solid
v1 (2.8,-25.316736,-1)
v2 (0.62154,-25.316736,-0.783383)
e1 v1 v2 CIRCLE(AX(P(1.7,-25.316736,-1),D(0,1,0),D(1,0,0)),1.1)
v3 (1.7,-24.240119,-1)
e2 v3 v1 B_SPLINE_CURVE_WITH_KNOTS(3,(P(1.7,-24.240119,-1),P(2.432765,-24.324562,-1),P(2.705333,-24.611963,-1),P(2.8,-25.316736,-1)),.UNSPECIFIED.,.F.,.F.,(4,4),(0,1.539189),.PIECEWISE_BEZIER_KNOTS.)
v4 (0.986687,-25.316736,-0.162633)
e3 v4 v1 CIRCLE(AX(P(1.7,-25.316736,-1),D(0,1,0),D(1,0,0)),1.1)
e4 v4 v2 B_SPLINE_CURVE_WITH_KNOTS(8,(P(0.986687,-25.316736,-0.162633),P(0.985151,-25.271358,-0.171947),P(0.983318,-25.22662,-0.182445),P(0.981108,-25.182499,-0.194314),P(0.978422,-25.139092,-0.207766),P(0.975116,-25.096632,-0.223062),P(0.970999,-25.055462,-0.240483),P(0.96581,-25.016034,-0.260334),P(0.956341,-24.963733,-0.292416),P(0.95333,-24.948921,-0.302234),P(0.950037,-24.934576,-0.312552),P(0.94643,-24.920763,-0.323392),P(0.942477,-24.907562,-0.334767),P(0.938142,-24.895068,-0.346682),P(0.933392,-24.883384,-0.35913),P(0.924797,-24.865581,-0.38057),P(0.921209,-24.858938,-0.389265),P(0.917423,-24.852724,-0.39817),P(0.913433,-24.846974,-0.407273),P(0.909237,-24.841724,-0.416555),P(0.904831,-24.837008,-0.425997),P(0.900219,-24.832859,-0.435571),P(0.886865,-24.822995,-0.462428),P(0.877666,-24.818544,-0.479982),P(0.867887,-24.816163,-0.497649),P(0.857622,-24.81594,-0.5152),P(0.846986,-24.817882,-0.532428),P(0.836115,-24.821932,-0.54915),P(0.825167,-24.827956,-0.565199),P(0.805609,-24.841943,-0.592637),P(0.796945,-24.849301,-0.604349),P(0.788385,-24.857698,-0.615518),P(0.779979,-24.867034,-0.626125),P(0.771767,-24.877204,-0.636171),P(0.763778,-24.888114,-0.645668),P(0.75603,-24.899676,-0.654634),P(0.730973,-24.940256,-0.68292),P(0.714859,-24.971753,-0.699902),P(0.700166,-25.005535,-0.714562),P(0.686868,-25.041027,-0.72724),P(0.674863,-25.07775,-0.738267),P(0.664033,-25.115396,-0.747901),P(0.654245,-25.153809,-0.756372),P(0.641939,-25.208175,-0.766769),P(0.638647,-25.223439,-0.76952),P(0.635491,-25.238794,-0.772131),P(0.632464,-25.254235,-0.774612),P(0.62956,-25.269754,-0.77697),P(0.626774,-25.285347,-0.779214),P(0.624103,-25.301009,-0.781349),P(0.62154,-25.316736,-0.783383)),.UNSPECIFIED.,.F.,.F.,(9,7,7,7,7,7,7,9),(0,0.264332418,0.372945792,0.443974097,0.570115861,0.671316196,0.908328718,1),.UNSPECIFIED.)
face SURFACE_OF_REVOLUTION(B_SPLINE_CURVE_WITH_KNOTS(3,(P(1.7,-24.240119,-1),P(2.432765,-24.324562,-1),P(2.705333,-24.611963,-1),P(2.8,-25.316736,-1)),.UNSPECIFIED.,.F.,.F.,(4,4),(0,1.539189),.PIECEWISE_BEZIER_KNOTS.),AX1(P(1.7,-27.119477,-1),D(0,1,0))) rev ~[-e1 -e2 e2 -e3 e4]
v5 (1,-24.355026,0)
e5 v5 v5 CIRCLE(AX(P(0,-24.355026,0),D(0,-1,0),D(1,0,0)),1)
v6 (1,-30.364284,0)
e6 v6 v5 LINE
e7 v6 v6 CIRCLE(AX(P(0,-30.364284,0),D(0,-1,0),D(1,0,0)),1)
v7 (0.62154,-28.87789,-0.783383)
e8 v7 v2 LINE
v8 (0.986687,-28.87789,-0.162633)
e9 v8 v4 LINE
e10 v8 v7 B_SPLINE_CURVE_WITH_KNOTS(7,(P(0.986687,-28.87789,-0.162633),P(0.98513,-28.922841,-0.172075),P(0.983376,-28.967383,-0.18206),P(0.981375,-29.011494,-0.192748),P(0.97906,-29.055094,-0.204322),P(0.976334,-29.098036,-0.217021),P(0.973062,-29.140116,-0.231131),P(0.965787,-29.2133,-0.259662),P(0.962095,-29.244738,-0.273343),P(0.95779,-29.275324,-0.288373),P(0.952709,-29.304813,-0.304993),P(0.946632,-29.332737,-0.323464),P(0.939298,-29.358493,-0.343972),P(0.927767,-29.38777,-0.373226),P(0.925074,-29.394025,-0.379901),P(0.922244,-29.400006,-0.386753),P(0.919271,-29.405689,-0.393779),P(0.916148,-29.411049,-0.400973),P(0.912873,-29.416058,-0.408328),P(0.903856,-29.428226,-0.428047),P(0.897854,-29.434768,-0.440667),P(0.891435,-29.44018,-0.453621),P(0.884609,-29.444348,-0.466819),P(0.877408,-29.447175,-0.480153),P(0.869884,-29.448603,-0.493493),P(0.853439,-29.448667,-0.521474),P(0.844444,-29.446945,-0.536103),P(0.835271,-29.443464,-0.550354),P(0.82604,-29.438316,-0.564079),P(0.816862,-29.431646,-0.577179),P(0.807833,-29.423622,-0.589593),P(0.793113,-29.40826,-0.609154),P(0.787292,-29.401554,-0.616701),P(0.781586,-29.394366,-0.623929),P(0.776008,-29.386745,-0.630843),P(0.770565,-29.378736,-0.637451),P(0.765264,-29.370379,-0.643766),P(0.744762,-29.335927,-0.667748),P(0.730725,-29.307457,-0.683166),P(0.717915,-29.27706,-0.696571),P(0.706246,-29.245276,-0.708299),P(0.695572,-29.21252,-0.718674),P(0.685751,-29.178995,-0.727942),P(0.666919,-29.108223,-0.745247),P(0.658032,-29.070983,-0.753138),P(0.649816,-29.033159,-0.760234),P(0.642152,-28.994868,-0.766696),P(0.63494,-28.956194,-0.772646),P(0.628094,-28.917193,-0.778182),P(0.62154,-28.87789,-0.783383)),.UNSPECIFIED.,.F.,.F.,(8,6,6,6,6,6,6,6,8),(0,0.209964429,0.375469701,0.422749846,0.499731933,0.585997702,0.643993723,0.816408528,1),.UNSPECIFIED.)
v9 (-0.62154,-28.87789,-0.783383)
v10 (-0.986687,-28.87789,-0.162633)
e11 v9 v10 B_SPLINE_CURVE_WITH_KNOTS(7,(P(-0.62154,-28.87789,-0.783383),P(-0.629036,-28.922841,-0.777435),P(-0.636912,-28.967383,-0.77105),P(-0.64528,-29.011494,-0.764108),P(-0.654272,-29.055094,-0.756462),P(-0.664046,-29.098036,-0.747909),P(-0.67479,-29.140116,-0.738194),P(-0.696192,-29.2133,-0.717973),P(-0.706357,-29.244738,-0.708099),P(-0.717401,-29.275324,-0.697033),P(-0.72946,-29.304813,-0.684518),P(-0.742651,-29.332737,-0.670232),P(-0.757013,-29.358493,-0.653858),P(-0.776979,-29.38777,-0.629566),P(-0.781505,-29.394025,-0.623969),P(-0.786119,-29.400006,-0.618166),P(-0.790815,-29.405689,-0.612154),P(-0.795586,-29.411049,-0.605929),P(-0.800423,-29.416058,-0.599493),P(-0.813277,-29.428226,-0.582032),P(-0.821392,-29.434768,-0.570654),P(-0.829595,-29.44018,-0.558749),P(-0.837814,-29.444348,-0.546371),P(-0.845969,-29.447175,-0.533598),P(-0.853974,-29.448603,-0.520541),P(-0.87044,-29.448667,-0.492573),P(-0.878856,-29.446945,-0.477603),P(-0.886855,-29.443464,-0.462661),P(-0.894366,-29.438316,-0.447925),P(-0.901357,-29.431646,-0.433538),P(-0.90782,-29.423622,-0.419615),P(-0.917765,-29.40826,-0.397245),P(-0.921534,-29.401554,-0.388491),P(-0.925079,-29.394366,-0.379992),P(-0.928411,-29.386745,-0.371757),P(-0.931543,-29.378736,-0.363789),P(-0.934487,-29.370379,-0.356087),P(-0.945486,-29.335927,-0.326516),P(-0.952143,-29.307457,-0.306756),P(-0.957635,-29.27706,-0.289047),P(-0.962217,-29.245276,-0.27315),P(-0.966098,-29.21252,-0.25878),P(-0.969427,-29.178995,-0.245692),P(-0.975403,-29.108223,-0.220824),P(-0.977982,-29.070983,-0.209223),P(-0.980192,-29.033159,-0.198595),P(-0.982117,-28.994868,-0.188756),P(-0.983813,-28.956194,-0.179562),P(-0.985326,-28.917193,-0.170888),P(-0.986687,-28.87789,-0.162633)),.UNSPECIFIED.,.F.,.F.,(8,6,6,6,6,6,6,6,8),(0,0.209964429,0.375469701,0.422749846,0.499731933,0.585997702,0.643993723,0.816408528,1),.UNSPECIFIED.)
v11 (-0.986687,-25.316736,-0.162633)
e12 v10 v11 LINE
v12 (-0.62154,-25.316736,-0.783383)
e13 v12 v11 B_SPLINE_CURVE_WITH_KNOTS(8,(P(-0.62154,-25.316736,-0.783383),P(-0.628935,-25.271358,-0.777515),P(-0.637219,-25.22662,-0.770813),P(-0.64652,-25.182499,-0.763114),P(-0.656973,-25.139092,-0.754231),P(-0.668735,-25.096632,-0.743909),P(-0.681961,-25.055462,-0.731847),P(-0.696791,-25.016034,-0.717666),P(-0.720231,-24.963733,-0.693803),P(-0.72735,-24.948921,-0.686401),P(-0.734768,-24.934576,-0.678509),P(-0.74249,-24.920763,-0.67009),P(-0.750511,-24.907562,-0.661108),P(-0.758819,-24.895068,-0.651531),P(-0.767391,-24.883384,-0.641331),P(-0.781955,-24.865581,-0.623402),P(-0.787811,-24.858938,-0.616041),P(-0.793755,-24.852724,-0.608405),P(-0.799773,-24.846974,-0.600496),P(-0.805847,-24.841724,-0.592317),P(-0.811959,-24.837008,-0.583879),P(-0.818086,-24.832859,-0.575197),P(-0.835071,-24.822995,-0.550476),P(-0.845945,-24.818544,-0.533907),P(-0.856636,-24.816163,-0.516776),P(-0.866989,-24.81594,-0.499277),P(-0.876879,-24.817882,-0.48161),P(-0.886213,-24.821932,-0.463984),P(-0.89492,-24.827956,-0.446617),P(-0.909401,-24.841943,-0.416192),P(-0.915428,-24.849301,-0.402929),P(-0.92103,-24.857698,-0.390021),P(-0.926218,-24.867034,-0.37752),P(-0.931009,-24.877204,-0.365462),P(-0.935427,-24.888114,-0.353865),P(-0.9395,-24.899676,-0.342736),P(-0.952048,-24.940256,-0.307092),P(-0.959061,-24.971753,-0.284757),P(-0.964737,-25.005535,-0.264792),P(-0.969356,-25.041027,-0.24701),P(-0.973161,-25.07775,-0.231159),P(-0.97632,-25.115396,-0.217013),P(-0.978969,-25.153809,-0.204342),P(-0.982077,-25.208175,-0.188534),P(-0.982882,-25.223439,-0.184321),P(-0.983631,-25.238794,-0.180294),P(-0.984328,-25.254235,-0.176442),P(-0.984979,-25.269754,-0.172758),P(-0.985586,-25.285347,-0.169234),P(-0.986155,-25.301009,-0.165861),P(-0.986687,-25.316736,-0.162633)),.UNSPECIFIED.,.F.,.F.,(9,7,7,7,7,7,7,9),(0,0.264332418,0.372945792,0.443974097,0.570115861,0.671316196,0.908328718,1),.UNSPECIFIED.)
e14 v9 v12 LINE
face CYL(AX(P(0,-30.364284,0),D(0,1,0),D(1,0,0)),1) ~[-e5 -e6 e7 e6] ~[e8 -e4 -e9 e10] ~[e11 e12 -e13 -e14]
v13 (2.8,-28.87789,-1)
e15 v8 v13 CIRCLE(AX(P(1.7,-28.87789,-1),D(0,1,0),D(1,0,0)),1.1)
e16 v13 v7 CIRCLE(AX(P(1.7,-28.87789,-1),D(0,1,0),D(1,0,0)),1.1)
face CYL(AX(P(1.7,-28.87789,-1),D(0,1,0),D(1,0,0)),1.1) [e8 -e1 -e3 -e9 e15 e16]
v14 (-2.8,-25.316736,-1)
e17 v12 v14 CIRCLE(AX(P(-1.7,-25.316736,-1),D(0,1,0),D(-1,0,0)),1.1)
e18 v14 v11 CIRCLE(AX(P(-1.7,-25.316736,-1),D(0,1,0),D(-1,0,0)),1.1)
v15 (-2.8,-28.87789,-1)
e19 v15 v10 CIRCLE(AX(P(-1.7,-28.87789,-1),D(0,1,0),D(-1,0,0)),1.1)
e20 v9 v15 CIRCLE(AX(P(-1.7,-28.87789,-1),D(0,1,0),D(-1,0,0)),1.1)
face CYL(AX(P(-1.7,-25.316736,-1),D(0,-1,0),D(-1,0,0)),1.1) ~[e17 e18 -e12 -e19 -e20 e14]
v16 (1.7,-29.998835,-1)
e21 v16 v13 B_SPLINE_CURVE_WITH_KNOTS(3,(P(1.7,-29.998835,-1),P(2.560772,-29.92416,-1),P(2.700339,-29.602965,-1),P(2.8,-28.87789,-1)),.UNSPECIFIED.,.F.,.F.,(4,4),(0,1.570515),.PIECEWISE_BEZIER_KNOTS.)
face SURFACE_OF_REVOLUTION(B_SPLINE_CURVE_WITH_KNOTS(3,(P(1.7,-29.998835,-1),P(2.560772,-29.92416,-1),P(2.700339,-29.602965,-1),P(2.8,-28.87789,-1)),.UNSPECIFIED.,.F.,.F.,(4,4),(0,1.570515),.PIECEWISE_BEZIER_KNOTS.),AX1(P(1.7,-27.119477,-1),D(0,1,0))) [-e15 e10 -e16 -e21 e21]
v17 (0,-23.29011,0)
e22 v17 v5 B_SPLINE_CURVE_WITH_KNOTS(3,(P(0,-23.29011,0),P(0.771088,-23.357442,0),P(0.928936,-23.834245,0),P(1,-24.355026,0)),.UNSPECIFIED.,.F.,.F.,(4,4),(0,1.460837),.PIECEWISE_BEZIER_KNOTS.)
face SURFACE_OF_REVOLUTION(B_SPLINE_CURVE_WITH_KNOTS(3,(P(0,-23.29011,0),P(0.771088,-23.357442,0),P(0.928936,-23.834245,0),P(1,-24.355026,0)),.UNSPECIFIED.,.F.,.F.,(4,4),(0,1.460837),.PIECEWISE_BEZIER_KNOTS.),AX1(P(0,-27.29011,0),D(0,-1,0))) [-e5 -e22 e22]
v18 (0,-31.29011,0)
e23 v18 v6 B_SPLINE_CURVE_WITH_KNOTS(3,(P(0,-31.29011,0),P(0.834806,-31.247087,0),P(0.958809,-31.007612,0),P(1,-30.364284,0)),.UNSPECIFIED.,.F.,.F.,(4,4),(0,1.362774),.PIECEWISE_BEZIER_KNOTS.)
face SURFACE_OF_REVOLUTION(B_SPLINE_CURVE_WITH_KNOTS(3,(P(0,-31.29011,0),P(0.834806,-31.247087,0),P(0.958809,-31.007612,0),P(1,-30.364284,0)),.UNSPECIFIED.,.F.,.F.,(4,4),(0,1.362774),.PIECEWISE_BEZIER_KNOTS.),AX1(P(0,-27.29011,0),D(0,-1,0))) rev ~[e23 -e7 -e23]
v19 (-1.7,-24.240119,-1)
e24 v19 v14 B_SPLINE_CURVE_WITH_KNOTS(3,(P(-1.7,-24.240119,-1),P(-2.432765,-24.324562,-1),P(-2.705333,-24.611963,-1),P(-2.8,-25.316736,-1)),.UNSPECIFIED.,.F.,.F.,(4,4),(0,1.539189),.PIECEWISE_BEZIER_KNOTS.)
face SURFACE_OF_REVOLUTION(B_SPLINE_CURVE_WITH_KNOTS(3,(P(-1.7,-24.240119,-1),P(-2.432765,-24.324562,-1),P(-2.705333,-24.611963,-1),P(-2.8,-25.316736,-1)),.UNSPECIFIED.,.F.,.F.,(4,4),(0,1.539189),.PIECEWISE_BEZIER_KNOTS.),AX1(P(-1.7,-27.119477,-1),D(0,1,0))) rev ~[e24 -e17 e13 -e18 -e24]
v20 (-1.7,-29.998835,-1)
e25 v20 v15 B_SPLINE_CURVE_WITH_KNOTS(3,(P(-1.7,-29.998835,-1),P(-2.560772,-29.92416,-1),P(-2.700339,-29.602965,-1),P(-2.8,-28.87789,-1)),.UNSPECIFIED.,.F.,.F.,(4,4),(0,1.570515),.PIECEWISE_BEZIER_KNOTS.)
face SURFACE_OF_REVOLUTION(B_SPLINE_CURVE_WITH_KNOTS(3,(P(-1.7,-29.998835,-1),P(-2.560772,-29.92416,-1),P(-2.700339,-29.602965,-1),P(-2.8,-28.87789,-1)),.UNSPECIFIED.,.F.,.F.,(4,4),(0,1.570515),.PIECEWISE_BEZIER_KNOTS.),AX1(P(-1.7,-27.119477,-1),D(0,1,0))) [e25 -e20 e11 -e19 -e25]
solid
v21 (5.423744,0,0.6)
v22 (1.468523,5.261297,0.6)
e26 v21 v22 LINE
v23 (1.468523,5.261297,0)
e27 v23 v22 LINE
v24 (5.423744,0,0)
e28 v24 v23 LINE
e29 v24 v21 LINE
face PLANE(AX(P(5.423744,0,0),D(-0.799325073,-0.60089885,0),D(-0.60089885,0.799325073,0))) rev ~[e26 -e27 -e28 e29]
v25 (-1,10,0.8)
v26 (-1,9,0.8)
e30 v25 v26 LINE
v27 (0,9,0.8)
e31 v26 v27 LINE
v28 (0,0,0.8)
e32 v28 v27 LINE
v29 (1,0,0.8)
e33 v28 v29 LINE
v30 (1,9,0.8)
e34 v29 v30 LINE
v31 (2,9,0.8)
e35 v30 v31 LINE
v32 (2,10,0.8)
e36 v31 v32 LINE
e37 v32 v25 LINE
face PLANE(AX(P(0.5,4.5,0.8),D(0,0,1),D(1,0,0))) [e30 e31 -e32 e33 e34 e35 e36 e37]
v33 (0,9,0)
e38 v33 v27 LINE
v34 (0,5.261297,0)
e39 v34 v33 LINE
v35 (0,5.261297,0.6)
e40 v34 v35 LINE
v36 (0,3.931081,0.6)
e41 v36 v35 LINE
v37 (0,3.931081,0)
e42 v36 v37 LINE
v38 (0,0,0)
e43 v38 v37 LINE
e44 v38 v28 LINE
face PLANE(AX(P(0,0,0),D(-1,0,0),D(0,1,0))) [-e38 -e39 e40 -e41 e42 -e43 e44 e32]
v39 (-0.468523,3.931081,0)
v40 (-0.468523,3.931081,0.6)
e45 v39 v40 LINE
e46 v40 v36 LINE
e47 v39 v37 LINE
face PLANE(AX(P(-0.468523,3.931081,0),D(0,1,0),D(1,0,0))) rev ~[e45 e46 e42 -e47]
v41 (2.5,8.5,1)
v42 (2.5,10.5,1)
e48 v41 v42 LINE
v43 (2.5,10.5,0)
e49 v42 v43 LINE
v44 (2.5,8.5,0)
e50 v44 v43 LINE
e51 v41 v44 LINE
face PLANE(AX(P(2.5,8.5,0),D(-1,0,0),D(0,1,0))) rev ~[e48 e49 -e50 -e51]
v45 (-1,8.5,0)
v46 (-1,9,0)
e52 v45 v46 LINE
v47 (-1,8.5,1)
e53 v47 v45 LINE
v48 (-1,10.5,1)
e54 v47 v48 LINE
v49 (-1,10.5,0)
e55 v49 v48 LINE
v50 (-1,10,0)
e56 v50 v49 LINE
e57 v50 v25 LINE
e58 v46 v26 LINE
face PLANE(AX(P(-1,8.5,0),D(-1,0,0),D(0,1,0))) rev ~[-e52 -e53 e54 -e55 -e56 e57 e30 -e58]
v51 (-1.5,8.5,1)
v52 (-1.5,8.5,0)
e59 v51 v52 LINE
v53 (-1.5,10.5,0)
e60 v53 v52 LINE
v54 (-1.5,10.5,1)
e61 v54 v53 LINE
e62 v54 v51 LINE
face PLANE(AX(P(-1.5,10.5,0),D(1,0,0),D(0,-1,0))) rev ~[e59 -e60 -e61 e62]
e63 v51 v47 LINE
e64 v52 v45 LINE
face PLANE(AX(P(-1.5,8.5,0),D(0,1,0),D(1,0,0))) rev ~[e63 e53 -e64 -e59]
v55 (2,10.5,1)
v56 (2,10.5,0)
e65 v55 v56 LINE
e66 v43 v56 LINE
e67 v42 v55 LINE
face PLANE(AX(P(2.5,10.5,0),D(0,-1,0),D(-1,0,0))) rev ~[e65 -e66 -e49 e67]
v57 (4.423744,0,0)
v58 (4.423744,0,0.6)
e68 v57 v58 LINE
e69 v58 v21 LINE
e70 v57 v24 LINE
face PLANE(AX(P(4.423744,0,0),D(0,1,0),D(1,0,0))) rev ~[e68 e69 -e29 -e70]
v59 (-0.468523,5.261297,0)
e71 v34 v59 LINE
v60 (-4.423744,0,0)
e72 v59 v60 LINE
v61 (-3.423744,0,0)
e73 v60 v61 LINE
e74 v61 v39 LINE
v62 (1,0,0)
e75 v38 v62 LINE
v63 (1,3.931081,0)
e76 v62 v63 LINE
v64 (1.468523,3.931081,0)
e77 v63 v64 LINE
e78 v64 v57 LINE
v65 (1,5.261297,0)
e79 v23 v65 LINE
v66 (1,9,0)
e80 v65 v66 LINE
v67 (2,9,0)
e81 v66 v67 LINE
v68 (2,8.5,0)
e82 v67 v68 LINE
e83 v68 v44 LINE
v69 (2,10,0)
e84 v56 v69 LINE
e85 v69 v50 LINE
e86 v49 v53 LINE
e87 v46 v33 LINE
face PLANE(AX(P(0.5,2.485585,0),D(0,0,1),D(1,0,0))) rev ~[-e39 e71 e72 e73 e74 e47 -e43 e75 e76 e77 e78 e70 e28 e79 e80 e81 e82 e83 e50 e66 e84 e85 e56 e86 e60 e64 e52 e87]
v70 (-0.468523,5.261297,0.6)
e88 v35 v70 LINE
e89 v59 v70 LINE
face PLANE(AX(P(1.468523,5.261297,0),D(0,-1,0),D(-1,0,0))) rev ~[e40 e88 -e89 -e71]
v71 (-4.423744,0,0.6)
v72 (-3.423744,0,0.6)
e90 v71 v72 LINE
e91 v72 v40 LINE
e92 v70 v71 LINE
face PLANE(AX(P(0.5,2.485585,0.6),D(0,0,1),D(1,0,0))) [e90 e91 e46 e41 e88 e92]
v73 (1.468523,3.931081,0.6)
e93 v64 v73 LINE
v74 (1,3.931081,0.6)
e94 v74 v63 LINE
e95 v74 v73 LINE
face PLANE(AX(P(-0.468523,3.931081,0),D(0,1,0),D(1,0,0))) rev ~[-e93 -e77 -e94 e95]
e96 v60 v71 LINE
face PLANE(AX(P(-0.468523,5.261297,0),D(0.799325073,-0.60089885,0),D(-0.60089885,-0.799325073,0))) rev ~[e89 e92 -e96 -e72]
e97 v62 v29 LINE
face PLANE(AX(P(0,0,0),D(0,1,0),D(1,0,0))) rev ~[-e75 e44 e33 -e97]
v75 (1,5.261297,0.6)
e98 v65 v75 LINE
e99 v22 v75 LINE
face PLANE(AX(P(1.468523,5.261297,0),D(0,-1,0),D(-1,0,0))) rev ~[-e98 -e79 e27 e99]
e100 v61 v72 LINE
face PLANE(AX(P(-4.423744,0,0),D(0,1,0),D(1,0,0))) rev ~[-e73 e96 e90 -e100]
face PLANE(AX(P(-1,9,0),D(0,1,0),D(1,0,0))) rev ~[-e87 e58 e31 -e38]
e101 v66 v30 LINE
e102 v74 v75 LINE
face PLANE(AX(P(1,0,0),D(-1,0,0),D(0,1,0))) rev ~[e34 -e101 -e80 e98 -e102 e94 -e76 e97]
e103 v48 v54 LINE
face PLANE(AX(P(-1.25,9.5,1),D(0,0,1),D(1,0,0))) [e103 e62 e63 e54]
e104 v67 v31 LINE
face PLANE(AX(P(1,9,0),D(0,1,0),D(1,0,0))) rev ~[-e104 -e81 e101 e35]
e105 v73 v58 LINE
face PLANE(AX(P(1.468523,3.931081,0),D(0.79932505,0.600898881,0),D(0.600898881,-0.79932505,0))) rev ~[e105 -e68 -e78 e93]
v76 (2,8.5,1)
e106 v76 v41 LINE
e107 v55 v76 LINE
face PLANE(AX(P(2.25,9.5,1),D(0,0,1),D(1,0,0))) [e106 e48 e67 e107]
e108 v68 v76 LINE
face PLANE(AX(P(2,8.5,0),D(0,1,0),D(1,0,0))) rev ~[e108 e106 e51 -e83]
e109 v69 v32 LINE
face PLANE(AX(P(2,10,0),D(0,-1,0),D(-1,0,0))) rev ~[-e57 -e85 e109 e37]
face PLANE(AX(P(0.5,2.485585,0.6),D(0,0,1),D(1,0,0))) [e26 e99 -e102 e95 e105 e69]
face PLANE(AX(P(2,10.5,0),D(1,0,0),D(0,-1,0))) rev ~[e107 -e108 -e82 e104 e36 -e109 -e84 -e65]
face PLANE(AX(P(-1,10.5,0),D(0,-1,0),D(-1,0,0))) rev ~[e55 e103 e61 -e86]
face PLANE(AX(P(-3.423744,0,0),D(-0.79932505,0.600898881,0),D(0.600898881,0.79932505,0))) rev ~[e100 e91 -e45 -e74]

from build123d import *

# Parameters (mm, degrees)
F0_W     = 1
F0_H     = 9
F0_H_2   = 1
F1_DEPTH = 0.8
F2_DEPTH = 1
F4_DEPTH = 0.6


with BuildPart() as f1:
    # F0 (on Top) → F1 (new body)
    with BuildSketch(Plane.XY):
        with Locations((0.5, 4.5)):
            Rectangle(F0_W, F0_H)
        with Locations((-0.5, 9.5)):
            Rectangle(F0_W, F0_H_2)
        with Locations((0.5, 9.5)):
            Rectangle(F0_W, F0_H_2)
        with Locations((1.5, 9.5)):
            Rectangle(F0_W, F0_H_2)
        Polygon((-1, 8.5), (-1, 9), (-1, 10), (-1, 10.5), (-1.5, 10.5), (-1.5, 8.5), align=None)
        Polygon((2, 10), (2, 9), (2, 8.5), (2.5, 8.5), (2.5, 10.5), (2, 10.5), align=None)
    extrude(amount=F1_DEPTH)

    # F0 (on Top) → F2 (join)
    with BuildSketch(Plane.XY):
        Polygon((2, 10), (2, 9), (2, 8.5), (2.5, 8.5), (2.5, 10.5), (2, 10.5), align=None)
        Polygon((-1, 8.5), (-1, 9), (-1, 10), (-1, 10.5), (-1.5, 10.5), (-1.5, 8.5), align=None)
    extrude(amount=F2_DEPTH)

    # F3 (on Top) → F4 (join)
    with BuildSketch(Plane.XY):
        Polygon((1.468523, 5.261297), (0.5, 5.261297), (-0.468523, 5.261297), (-4.423744, 0), (-3.423744, 0), (-0.468523, 3.931081), (0.5, 3.931081), (1.468523, 3.931081), (4.423744, 0), (5.423744, 0), align=None)
    extrude(amount=F4_DEPTH)


with BuildPart() as f6:
    # F5 (on Top) → F6 (revolve)
    with BuildSketch(Plane.XY):
        with BuildLine():
            add(Edge.make_bspline(
                [(0, -23.29011), (0.771088, -23.357442), (0.928936, -23.834245), (1, -24.355026)],
                knots=[0, 0, 0, 0, 1.460837, 1.460837, 1.460837, 1.460837], degree=3))
            Line((0, -23.29011), (0, -31.29011))
            add(Edge.make_bspline(
                [(0, -31.29011), (0.834806, -31.247087), (0.958809, -31.007612), (1, -30.364284)],
                knots=[0, 0, 0, 0, 1.362774, 1.362774, 1.362774, 1.362774], degree=3))
            Line((1, -30.364284), (1, -24.355026))
        make_face()
    revolve(axis=Axis((0, -27.29011, 0), (0, -1, 0)))

    # F8 (on offset) → F9 (revolve)
    with BuildSketch(Plane.XY.offset(-1)):
        with BuildLine():
            Line((1.7, -24.240119), (1.7, -29.998835))
            add(Edge.make_bspline(
                [(1.7, -29.998835), (2.560772, -29.92416), (2.700339, -29.602965), (2.8, -28.87789)],
                knots=[0, 0, 0, 0, 1.570515, 1.570515, 1.570515, 1.570515], degree=3))
            Line((2.8, -28.87789), (2.8, -25.316736))
            add(Edge.make_bspline(
                [(1.7, -24.240119), (2.432765, -24.324562), (2.705333, -24.611963), (2.8, -25.316736)],
                knots=[0, 0, 0, 0, 1.539189, 1.539189, 1.539189, 1.539189], degree=3))
        make_face()
    revolve(axis=Axis((1.7, -27.119477, -1), (0, 1, 0)))

    # F8 (on offset) → F10 (revolve)
    with BuildSketch(Plane.XY.offset(-1)):
        with BuildLine():
            add(Edge.make_bspline(
                [(-1.7, -29.998835), (-2.560772, -29.92416), (-2.700339, -29.602965), (-2.8, -28.87789)],
                knots=[0, 0, 0, 0, 1.570515, 1.570515, 1.570515, 1.570515], degree=3))
            Line((-1.7, -29.998835), (-1.7, -24.240119))
            add(Edge.make_bspline(
                [(-1.7, -24.240119), (-2.432765, -24.324562), (-2.705333, -24.611963), (-2.8, -25.316736)],
                knots=[0, 0, 0, 0, 1.539189, 1.539189, 1.539189, 1.539189], degree=3))
            Line((-2.8, -25.316736), (-2.8, -28.87789))
        make_face()
    revolve(axis=Axis((-1.7, -27.119477, -1), (0, 1, 0)))


solid = Compound([f1.part, f6.part])
